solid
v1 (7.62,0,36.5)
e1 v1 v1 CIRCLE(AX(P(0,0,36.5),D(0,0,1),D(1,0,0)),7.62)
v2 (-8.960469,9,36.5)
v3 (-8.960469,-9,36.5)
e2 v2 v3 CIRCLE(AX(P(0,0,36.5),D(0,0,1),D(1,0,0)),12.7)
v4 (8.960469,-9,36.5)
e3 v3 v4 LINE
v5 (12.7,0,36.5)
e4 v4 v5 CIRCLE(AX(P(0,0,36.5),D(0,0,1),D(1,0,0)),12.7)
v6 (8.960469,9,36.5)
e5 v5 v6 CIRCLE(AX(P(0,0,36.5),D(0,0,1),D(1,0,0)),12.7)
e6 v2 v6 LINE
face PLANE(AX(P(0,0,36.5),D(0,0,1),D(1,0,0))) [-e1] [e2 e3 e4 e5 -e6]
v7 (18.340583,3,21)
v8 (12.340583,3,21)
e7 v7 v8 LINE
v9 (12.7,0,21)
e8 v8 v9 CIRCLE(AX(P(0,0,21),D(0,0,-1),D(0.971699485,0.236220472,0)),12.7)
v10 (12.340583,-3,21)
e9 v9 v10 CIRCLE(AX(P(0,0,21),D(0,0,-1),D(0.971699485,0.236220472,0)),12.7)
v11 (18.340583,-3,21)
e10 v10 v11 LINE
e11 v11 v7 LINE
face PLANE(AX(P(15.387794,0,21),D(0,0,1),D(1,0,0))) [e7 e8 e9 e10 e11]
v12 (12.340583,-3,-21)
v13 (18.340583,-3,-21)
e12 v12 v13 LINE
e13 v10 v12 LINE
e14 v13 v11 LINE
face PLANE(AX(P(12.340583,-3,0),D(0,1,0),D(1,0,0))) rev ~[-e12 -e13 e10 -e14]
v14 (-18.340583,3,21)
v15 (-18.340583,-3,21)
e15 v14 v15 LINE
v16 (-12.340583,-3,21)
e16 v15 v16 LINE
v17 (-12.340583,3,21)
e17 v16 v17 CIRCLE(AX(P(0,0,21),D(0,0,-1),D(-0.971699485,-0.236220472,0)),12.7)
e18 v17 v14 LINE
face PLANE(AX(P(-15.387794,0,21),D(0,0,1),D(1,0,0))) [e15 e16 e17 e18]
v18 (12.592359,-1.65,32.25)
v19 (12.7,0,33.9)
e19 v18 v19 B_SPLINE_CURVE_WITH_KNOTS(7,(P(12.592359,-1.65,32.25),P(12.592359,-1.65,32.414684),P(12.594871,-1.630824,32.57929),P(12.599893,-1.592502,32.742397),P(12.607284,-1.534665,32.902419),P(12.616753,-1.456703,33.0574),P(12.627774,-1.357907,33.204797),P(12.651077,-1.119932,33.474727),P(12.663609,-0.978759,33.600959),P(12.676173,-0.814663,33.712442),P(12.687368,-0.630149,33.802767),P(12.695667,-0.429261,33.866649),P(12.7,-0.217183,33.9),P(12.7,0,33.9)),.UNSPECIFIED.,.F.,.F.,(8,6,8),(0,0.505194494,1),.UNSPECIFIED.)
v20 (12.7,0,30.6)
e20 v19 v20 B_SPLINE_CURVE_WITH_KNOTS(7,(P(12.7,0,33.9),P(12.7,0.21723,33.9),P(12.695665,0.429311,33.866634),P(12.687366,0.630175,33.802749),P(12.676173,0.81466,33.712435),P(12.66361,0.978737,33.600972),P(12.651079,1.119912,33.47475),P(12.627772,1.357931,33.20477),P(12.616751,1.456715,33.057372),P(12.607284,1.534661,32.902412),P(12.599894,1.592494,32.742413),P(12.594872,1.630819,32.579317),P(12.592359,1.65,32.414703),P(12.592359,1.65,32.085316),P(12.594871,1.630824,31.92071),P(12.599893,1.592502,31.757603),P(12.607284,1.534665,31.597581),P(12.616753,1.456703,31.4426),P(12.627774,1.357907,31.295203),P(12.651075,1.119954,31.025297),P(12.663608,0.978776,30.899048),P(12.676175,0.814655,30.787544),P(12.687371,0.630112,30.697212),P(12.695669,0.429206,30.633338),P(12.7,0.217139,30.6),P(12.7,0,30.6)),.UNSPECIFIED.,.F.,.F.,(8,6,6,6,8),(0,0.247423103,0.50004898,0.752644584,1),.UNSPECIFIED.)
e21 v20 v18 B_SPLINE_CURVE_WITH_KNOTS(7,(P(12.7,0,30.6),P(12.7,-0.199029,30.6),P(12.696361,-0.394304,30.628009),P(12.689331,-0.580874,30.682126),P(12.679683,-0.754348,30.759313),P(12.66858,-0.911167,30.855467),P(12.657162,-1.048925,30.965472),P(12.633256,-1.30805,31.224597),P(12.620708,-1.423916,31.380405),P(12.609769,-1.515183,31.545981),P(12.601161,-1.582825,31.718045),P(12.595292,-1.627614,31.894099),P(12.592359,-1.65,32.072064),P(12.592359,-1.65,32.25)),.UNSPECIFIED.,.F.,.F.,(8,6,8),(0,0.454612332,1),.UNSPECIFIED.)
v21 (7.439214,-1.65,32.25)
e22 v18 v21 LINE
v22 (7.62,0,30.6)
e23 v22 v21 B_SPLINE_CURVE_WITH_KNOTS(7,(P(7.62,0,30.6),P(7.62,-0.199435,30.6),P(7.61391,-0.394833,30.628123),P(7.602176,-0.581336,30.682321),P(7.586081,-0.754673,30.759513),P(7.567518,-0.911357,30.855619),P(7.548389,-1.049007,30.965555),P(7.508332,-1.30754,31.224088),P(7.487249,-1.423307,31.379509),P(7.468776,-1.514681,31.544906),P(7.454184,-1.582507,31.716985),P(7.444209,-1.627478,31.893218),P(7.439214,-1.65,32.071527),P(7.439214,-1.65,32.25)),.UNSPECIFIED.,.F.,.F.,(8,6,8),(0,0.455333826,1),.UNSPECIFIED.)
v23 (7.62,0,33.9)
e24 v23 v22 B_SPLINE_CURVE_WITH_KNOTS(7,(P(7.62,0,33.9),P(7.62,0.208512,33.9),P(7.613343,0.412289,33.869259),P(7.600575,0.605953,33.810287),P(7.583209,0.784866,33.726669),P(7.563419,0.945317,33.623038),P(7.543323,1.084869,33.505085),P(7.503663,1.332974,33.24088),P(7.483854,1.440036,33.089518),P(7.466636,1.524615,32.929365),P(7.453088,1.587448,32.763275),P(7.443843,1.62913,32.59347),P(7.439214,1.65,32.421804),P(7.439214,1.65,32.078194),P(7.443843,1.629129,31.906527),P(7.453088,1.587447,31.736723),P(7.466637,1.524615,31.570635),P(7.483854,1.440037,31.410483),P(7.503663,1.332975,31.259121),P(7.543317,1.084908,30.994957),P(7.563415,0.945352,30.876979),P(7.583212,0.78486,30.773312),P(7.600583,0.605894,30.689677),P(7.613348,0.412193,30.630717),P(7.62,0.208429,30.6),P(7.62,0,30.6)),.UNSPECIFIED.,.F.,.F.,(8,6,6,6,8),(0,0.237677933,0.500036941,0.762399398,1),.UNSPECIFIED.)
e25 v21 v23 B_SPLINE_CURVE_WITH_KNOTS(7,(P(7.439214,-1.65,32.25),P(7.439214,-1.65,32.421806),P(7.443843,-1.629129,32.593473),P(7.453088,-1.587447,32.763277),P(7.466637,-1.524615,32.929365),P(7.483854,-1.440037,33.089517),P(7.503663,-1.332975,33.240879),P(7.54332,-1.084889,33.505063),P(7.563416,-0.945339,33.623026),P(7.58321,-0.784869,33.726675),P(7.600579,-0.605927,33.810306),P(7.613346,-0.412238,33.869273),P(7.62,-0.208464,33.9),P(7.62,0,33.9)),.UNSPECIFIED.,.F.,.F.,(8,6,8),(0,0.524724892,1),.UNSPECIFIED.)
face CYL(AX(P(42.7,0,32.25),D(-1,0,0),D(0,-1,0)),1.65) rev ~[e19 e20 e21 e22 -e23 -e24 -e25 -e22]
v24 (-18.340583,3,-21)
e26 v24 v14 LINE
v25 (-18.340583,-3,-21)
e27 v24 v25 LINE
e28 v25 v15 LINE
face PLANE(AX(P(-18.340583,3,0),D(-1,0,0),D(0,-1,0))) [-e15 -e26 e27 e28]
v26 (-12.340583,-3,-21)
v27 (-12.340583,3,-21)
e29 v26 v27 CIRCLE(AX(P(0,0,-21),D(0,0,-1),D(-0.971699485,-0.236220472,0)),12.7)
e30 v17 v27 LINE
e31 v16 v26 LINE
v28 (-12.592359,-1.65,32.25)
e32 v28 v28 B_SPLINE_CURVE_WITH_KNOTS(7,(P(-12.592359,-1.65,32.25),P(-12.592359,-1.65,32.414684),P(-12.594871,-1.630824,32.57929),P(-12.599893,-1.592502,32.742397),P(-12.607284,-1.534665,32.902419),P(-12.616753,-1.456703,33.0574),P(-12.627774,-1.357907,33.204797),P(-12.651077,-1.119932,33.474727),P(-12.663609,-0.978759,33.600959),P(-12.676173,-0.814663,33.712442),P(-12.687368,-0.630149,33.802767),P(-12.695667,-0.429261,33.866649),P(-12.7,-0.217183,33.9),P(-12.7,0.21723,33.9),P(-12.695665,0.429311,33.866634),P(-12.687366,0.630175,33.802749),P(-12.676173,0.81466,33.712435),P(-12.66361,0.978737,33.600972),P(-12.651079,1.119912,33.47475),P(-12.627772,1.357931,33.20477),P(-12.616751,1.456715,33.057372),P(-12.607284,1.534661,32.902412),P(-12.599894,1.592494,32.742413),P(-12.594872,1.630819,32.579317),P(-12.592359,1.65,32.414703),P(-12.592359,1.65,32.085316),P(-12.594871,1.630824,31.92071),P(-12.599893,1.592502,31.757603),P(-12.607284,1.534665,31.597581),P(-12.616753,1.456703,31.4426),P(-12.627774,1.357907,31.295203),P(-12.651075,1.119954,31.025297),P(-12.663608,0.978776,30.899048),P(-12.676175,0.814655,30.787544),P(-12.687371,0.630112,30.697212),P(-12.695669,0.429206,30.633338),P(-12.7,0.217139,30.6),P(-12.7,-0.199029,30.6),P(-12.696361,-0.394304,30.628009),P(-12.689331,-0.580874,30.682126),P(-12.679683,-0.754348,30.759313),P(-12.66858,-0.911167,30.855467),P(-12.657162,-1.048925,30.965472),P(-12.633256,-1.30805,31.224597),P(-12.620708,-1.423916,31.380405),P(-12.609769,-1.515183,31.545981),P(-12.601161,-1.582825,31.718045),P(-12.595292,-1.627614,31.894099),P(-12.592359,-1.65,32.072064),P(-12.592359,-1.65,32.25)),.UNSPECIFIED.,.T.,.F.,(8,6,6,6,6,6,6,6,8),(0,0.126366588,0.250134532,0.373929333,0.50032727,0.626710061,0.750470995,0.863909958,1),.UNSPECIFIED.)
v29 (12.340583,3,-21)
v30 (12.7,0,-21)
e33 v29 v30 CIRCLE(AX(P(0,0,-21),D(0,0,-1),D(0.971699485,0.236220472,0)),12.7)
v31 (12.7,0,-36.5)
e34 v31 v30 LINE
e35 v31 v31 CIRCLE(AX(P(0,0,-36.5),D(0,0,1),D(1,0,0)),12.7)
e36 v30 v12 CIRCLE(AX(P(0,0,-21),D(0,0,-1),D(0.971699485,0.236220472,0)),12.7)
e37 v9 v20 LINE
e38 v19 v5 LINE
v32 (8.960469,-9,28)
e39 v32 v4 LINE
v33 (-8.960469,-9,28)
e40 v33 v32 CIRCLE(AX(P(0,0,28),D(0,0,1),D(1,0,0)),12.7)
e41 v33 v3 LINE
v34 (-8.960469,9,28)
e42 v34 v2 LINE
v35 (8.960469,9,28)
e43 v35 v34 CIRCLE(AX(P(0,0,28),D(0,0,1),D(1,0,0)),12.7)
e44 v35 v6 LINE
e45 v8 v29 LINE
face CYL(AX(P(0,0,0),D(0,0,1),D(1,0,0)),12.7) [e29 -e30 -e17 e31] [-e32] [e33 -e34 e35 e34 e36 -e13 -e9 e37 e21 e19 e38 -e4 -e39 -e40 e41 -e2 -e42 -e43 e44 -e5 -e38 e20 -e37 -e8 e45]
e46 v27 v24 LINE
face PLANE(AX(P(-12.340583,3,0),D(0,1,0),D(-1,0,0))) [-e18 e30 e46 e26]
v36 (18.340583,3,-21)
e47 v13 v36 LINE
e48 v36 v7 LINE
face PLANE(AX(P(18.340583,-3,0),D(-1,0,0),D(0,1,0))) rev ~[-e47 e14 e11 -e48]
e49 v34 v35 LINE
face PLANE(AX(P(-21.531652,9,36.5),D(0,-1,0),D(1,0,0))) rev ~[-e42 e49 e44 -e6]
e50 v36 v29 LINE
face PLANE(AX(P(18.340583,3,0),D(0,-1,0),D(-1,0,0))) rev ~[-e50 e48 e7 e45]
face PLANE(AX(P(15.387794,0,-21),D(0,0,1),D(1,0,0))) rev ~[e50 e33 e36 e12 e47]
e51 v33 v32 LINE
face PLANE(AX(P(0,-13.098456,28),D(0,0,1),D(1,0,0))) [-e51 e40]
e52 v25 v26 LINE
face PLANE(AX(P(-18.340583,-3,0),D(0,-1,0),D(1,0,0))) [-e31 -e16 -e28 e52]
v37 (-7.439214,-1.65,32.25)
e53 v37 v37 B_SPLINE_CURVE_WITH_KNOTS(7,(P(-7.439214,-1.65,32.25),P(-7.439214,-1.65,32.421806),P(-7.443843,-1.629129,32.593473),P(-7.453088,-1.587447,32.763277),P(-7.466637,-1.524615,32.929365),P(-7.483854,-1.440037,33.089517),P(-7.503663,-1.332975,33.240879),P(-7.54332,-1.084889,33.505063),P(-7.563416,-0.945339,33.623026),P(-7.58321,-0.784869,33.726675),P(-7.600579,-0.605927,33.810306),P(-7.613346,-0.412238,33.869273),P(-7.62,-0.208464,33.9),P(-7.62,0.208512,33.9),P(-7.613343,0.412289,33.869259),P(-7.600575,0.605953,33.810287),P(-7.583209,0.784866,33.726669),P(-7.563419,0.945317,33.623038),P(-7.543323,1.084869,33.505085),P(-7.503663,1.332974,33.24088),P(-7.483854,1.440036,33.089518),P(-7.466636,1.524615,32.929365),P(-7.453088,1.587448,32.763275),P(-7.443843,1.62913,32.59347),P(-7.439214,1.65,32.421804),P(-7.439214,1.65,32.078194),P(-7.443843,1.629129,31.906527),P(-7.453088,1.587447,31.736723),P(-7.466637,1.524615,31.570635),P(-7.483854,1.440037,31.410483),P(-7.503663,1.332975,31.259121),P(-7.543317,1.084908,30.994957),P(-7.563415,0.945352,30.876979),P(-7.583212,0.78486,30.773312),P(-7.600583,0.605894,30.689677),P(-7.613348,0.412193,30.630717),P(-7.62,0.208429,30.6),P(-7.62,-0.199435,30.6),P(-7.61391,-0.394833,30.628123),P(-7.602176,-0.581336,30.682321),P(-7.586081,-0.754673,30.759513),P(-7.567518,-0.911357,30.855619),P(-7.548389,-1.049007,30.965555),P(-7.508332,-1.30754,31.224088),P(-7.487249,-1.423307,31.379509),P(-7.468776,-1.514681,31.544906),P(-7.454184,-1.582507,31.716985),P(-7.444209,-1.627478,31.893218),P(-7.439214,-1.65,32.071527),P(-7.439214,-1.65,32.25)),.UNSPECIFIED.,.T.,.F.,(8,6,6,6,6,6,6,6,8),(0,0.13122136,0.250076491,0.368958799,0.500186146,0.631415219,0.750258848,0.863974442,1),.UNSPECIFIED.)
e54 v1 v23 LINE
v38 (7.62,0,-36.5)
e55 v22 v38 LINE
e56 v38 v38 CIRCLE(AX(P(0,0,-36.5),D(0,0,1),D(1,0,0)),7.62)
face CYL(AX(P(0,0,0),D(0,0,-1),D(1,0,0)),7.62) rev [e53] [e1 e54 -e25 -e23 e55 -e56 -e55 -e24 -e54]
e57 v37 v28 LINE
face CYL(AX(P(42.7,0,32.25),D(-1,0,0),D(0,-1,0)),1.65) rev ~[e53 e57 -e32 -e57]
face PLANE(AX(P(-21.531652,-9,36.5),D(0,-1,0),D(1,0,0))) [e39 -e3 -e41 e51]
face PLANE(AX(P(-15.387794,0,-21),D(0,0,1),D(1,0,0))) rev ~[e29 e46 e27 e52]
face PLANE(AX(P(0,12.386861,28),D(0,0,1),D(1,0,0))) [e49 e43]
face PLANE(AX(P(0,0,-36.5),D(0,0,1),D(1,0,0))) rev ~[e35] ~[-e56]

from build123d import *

# Parameters (mm, degrees)
F0_R     = 12.7
F0_R_2   = 7.62
F1_DEPTH = 36.5
F3_DEPTH = 21
F4_W     = 43.0633045018
F4_H     = 8.1969123185
F4_H_2   = 6.7737210393
F5_DEPTH = 8.5
F8_D     = 3.3
F8_DEPTH = 30
F8_TIP   = 0.9914200214


with BuildPart() as f1:
    # F0 (on Top) → F1 (new body, symmetric)
    with BuildSketch(Plane.XY):
        Circle(F0_R)
        Circle(F0_R_2, mode=Mode.SUBTRACT)
    extrude(amount=F1_DEPTH, both=True)

    # F2 (on Top) → F3 (join, symmetric)
    with BuildSketch(Plane.XY):
        with BuildLine():
            Line((12.3405834546, -3), (18.3405834546, -3))
            Line((18.3405834546, -3), (18.3405834546, 3))
            Line((18.3405834546, 3), (12.3405834546, 3))
            ThreePointArc((12.3405834546, 3), (12.7, 0), (12.3405834546, -3))
        make_face()
        with BuildLine():
            Line((-12.3405834546, 3), (-18.3405834546, 3))
            Line((-18.3405834546, 3), (-18.3405834546, -3))
            Line((-18.3405834546, -3), (-12.3405834546, -3))
            ThreePointArc((-12.3405834546, -3), (-12.7, 0), (-12.3405834546, 3))
        make_face()
    extrude(amount=F3_DEPTH, both=True)

    # F4 (on face) → F5 (cut)
    with BuildSketch(Plane.XY.offset(36.5)):
        with Locations((0, -13.0984561592)):
            Rectangle(F4_W, F4_H)
        with Locations((0, 12.3868605196)):
            Rectangle(F4_W, F4_H_2)
    extrude(amount=-F5_DEPTH, mode=Mode.SUBTRACT)

    # F8
    with Locations(Plane.YZ.offset(12.7)):
        with Locations((0, 32.25)):
            Hole(F8_D / 2, depth=F8_DEPTH)
            with Locations((0, 0, -(F8_DEPTH + F8_TIP / 2))):  # 118° drill point
                Cone(0, F8_D / 2, F8_TIP, mode=Mode.SUBTRACT)


solid = f1.part
